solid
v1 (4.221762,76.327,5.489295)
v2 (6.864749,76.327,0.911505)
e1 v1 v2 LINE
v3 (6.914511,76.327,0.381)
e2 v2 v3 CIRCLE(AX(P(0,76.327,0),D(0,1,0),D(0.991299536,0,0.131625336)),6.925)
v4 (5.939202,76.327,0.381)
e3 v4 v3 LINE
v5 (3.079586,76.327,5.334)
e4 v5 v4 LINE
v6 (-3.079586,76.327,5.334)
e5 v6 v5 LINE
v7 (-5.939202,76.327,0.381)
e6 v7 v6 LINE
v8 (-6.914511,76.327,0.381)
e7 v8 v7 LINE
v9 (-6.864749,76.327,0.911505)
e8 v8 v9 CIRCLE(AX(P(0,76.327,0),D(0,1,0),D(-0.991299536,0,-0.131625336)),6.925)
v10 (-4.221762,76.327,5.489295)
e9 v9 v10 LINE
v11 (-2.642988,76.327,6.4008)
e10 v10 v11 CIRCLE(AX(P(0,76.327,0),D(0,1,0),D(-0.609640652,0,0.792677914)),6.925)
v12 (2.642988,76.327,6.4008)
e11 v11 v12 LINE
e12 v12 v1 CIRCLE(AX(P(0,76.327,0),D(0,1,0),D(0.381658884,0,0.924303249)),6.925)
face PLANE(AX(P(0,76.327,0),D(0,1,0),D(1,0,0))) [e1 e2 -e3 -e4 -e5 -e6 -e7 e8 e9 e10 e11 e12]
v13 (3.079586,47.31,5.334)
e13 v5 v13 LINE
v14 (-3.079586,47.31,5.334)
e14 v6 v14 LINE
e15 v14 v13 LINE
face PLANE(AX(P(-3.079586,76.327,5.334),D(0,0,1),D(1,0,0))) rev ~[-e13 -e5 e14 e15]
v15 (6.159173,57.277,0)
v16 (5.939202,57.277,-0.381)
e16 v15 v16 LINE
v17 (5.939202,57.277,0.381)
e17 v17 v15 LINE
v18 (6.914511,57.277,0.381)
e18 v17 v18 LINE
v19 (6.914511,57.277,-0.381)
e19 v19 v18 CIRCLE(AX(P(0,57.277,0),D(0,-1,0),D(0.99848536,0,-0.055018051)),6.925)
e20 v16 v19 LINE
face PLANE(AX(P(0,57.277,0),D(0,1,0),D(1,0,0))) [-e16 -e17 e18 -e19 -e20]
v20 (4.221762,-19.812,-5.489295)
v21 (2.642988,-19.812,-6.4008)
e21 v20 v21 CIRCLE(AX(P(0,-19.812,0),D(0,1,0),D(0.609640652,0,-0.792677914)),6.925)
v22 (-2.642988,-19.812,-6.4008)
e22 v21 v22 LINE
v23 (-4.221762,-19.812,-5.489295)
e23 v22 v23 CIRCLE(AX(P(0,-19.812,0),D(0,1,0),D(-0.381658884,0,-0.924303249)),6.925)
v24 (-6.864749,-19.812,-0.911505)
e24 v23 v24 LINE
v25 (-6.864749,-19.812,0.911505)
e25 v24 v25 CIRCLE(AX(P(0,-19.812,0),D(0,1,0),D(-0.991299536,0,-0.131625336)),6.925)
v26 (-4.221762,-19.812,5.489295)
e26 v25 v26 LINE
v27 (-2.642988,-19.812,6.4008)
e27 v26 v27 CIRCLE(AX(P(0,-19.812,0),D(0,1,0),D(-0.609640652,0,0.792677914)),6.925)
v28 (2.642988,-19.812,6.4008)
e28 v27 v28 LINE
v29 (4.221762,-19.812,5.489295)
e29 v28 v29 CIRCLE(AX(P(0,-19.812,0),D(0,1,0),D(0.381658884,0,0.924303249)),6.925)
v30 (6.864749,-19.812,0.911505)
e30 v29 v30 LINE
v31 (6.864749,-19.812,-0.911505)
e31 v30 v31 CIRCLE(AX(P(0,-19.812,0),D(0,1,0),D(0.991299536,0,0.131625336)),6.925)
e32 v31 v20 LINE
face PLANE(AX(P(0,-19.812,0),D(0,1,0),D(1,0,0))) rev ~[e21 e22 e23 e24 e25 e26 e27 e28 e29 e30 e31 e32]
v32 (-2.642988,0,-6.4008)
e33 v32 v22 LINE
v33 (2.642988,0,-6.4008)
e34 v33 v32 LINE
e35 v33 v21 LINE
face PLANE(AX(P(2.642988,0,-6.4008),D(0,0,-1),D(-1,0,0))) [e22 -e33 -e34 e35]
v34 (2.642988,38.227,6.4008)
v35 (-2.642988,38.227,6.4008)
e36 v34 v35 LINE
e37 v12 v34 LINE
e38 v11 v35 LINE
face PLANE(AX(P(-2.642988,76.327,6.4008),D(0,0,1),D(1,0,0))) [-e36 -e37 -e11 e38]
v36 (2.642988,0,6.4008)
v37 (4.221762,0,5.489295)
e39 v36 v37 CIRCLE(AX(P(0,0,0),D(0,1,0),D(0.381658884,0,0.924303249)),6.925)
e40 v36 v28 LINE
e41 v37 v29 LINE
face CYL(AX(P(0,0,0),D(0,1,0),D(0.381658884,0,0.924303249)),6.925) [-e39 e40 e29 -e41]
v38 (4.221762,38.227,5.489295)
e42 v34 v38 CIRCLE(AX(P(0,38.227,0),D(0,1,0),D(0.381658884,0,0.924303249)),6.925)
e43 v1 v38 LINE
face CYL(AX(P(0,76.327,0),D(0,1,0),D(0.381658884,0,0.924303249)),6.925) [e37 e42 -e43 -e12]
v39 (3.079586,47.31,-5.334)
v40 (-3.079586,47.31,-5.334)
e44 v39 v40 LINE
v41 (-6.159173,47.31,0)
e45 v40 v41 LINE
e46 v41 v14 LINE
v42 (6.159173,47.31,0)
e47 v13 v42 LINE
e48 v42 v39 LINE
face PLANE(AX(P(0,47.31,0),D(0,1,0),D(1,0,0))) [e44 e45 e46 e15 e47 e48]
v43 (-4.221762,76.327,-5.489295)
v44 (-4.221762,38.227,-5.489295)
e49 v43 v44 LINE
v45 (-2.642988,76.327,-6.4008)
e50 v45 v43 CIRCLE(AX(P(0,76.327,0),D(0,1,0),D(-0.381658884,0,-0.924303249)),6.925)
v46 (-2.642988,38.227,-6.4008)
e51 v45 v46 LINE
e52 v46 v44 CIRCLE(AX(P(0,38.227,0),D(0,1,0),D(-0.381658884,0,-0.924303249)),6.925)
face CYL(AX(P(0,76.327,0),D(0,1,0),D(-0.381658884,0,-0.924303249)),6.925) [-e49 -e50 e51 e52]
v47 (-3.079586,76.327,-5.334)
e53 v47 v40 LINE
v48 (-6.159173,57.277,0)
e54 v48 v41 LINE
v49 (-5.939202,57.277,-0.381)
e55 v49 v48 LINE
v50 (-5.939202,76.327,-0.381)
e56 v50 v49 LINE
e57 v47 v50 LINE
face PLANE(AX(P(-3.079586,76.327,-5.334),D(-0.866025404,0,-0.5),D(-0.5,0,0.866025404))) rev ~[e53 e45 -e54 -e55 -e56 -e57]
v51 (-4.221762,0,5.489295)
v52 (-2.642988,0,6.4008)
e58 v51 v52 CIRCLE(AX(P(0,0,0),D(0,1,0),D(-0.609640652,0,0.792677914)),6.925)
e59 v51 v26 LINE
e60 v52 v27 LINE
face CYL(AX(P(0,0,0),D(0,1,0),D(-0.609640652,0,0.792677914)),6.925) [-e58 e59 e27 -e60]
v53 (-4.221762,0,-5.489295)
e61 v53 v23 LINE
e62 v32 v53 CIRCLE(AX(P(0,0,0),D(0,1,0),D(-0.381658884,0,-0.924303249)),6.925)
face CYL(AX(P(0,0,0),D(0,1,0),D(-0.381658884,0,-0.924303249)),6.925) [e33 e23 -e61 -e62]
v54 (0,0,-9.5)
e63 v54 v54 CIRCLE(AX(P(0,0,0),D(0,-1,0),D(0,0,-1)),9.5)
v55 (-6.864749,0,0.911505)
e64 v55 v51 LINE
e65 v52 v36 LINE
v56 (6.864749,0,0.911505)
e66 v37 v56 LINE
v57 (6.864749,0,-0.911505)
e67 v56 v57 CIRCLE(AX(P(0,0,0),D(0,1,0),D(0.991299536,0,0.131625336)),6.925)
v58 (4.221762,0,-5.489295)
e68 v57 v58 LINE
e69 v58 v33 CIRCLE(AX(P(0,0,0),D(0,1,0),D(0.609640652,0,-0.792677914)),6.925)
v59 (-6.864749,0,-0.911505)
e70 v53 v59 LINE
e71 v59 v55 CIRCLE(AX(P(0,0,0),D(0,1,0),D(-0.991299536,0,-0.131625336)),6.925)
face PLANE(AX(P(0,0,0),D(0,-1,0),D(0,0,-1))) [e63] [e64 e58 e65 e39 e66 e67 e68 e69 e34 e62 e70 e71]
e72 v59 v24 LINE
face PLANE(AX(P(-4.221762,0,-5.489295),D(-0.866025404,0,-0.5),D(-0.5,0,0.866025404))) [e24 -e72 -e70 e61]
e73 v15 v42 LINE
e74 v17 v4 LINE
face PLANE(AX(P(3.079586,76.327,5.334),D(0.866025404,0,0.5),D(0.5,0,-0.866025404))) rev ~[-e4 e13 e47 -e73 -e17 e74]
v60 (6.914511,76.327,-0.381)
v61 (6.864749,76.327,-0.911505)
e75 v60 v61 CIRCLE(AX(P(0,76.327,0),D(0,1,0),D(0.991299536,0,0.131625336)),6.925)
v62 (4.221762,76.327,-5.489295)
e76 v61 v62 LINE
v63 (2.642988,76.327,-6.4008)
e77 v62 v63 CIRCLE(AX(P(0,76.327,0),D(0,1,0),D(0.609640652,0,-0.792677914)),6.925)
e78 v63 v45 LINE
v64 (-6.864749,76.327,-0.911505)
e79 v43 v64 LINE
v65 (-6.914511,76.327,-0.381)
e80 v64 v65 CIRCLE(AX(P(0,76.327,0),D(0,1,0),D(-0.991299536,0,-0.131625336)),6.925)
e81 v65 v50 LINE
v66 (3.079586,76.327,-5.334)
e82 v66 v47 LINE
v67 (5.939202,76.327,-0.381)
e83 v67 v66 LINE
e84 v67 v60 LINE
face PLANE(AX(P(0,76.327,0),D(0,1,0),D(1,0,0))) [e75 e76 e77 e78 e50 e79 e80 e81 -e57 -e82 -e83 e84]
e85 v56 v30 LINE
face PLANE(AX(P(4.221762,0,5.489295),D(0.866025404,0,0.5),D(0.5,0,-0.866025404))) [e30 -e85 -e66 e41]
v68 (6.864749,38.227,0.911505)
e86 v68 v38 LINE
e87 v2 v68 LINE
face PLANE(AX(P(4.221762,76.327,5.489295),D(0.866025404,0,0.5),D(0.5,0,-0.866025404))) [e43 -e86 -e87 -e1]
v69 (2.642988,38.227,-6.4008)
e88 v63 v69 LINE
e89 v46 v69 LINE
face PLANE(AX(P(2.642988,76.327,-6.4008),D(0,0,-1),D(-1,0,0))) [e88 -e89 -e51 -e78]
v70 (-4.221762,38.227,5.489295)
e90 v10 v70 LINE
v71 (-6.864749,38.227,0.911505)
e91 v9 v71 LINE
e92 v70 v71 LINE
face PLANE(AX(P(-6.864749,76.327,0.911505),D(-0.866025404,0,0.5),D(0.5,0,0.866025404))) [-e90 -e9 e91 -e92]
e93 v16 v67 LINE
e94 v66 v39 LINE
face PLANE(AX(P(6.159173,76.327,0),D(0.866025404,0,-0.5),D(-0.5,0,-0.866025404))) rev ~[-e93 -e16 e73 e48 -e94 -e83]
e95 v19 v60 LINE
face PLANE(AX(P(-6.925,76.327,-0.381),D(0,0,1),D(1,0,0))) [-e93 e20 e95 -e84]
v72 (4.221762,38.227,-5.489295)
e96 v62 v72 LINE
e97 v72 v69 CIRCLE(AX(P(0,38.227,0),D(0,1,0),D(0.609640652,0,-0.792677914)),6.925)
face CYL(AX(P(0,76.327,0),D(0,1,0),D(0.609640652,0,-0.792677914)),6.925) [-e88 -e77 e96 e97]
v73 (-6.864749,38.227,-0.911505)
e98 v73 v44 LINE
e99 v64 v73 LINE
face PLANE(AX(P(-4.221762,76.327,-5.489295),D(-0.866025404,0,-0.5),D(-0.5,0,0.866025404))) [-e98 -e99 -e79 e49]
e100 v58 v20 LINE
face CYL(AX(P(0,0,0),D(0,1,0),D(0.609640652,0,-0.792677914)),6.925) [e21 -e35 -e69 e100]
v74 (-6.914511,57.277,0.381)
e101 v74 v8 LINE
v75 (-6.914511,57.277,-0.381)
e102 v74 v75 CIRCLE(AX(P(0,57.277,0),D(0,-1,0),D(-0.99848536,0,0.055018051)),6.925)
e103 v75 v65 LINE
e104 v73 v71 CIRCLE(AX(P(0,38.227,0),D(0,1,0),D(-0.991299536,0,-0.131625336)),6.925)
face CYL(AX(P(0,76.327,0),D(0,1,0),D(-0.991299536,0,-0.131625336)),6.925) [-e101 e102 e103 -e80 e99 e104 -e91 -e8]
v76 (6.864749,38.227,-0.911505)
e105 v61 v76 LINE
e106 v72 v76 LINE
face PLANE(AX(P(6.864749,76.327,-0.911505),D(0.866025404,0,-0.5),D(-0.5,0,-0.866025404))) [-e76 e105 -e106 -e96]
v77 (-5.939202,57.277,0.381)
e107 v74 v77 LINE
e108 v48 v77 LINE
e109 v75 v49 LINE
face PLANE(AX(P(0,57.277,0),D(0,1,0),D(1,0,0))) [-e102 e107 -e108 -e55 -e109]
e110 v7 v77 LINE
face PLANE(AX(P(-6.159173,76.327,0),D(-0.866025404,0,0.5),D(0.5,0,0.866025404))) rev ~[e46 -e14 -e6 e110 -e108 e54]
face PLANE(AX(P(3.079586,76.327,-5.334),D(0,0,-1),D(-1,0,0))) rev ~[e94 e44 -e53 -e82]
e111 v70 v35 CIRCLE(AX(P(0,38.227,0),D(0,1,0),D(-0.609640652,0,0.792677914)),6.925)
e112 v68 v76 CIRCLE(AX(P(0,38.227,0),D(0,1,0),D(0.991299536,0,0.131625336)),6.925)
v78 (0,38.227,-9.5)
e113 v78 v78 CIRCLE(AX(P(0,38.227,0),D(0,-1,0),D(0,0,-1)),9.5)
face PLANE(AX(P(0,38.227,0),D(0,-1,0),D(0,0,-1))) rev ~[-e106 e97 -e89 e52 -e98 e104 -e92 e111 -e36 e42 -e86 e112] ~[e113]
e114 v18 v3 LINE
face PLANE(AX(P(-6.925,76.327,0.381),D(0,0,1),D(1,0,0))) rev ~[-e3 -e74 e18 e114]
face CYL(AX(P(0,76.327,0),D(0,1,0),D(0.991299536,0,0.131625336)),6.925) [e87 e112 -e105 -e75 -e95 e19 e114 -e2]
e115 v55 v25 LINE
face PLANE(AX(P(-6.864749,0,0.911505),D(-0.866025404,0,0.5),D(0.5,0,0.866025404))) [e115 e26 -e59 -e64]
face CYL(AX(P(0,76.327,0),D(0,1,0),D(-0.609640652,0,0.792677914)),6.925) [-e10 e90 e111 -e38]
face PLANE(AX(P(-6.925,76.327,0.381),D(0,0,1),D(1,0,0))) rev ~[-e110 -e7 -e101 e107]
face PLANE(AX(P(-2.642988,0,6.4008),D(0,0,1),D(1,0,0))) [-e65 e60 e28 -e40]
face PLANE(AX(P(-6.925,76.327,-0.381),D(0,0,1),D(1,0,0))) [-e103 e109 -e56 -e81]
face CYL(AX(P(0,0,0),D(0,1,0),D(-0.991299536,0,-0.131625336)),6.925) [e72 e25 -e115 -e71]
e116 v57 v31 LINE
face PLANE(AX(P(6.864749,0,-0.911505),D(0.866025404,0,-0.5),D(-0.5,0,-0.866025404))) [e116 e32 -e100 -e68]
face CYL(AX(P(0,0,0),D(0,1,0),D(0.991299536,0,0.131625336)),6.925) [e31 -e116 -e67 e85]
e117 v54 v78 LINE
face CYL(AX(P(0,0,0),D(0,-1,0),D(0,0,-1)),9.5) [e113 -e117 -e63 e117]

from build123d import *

# Parameters (mm, degrees)
BOSS_EXTRUDE1_DEPTH = 19.812
SKETCH2_R           = 9.5
BOSS_EXTRUDE2_DEPTH = 38.227
BOSS_EXTRUDE6_START = 76.327
BOSS_EXTRUDE6_DEPTH = 76.327
SKETCH6_W           = 13.85
SKETCH6_H           = 0.762
CUT_EXTRUDE1_DEPTH  = 19.05
CUT_EXTRUDE2_DEPTH  = 29.016999878


with BuildPart() as part:
    # Sketch1 → Boss-Extrude1 (new body)
    with BuildSketch(Plane(origin=(0, 0, 0), x_dir=(1, 0, 0), z_dir=(0, 1, 0))):
        with BuildLine():
            Line((6.86474929, 0.911505448), (4.221761519, 5.489294552))
            ThreePointArc((4.221761519, 5.489294552), (3.4625, 5.997225921), (2.642987771, 6.4008))
            Line((2.642987771, 6.4008), (-2.642987771, 6.4008))
            ThreePointArc((-2.642987771, 6.4008), (-3.4625, 5.997225921), (-4.221761519, 5.489294552))
            Line((-4.221761519, 5.489294552), (-6.86474929, 0.911505448))
            ThreePointArc((-6.86474929, 0.911505448), (-6.925, 0), (-6.86474929, -0.911505448))
            Line((-6.86474929, -0.911505448), (-4.221761519, -5.489294552))
            ThreePointArc((-4.221761519, -5.489294552), (-3.4625, -5.997225921), (-2.642987771, -6.4008))
            Line((-2.642987771, -6.4008), (2.642987771, -6.4008))
            ThreePointArc((2.642987771, -6.4008), (3.4625, -5.997225921), (4.221761519, -5.489294552))
            Line((4.221761519, -5.489294552), (6.86474929, -0.911505448))
            ThreePointArc((6.86474929, -0.911505448), (6.925, 0), (6.86474929, 0.911505448))
        make_face()
    extrude(amount=-BOSS_EXTRUDE1_DEPTH)

    # Sketch2 → Boss-Extrude2 (add)
    with BuildSketch(Plane(origin=(0, 0, 0), x_dir=(-1, 0, 0), z_dir=(0, -1, 0))):
        Circle(SKETCH2_R)
    extrude(amount=-BOSS_EXTRUDE2_DEPTH)

    # Sketch1<4> → Boss-Extrude6 (add)
    with BuildSketch(Plane(origin=(0, 0, 0), x_dir=(1, 0, 0), z_dir=(0, 1, 0)).offset(BOSS_EXTRUDE6_START)):
        with BuildLine():
            Line((6.86474929, 0.911505448), (4.221761519, 5.489294552))
            ThreePointArc((4.221761519, 5.489294552), (3.4625, 5.997225921), (2.642987771, 6.4008))
            Line((2.642987771, 6.4008), (-2.642987771, 6.4008))
            ThreePointArc((-2.642987771, 6.4008), (-3.4625, 5.997225921), (-4.221761519, 5.489294552))
            Line((-4.221761519, 5.489294552), (-6.86474929, 0.911505448))
            ThreePointArc((-6.86474929, 0.911505448), (-6.925, 0), (-6.86474929, -0.911505448))
            Line((-6.86474929, -0.911505448), (-4.221761519, -5.489294552))
            ThreePointArc((-4.221761519, -5.489294552), (-3.4625, -5.997225921), (-2.642987771, -6.4008))
            Line((-2.642987771, -6.4008), (2.642987771, -6.4008))
            ThreePointArc((2.642987771, -6.4008), (3.4625, -5.997225921), (4.221761519, -5.489294552))
            Line((4.221761519, -5.489294552), (6.86474929, -0.911505448))
            ThreePointArc((6.86474929, -0.911505448), (6.925, 0), (6.86474929, 0.911505448))
        make_face()
    extrude(amount=-BOSS_EXTRUDE6_DEPTH)

    # Sketch6 → Cut-Extrude1 (cut)
    with BuildSketch(Plane(origin=(0, 76.327, 0), x_dir=(1, 0, 0), z_dir=(0, 1, 0))):
        Rectangle(SKETCH6_W, SKETCH6_H)
    extrude(amount=-CUT_EXTRUDE1_DEPTH, mode=Mode.SUBTRACT)

    # Sketch7 → Cut-Extrude2 (cut)
    with BuildSketch(Plane(origin=(0, 76.327, 0), x_dir=(1, 0, 0), z_dir=(0, 1, 0))):
        Polygon((3.079586336, 5.334), (-3.079586336, 5.334), (-6.159172672, 0), (-3.079586336, -5.334), (3.079586336, -5.334), (6.159172672, 0), align=None)
    extrude(amount=-CUT_EXTRUDE2_DEPTH, mode=Mode.SUBTRACT)


solid = part.part
